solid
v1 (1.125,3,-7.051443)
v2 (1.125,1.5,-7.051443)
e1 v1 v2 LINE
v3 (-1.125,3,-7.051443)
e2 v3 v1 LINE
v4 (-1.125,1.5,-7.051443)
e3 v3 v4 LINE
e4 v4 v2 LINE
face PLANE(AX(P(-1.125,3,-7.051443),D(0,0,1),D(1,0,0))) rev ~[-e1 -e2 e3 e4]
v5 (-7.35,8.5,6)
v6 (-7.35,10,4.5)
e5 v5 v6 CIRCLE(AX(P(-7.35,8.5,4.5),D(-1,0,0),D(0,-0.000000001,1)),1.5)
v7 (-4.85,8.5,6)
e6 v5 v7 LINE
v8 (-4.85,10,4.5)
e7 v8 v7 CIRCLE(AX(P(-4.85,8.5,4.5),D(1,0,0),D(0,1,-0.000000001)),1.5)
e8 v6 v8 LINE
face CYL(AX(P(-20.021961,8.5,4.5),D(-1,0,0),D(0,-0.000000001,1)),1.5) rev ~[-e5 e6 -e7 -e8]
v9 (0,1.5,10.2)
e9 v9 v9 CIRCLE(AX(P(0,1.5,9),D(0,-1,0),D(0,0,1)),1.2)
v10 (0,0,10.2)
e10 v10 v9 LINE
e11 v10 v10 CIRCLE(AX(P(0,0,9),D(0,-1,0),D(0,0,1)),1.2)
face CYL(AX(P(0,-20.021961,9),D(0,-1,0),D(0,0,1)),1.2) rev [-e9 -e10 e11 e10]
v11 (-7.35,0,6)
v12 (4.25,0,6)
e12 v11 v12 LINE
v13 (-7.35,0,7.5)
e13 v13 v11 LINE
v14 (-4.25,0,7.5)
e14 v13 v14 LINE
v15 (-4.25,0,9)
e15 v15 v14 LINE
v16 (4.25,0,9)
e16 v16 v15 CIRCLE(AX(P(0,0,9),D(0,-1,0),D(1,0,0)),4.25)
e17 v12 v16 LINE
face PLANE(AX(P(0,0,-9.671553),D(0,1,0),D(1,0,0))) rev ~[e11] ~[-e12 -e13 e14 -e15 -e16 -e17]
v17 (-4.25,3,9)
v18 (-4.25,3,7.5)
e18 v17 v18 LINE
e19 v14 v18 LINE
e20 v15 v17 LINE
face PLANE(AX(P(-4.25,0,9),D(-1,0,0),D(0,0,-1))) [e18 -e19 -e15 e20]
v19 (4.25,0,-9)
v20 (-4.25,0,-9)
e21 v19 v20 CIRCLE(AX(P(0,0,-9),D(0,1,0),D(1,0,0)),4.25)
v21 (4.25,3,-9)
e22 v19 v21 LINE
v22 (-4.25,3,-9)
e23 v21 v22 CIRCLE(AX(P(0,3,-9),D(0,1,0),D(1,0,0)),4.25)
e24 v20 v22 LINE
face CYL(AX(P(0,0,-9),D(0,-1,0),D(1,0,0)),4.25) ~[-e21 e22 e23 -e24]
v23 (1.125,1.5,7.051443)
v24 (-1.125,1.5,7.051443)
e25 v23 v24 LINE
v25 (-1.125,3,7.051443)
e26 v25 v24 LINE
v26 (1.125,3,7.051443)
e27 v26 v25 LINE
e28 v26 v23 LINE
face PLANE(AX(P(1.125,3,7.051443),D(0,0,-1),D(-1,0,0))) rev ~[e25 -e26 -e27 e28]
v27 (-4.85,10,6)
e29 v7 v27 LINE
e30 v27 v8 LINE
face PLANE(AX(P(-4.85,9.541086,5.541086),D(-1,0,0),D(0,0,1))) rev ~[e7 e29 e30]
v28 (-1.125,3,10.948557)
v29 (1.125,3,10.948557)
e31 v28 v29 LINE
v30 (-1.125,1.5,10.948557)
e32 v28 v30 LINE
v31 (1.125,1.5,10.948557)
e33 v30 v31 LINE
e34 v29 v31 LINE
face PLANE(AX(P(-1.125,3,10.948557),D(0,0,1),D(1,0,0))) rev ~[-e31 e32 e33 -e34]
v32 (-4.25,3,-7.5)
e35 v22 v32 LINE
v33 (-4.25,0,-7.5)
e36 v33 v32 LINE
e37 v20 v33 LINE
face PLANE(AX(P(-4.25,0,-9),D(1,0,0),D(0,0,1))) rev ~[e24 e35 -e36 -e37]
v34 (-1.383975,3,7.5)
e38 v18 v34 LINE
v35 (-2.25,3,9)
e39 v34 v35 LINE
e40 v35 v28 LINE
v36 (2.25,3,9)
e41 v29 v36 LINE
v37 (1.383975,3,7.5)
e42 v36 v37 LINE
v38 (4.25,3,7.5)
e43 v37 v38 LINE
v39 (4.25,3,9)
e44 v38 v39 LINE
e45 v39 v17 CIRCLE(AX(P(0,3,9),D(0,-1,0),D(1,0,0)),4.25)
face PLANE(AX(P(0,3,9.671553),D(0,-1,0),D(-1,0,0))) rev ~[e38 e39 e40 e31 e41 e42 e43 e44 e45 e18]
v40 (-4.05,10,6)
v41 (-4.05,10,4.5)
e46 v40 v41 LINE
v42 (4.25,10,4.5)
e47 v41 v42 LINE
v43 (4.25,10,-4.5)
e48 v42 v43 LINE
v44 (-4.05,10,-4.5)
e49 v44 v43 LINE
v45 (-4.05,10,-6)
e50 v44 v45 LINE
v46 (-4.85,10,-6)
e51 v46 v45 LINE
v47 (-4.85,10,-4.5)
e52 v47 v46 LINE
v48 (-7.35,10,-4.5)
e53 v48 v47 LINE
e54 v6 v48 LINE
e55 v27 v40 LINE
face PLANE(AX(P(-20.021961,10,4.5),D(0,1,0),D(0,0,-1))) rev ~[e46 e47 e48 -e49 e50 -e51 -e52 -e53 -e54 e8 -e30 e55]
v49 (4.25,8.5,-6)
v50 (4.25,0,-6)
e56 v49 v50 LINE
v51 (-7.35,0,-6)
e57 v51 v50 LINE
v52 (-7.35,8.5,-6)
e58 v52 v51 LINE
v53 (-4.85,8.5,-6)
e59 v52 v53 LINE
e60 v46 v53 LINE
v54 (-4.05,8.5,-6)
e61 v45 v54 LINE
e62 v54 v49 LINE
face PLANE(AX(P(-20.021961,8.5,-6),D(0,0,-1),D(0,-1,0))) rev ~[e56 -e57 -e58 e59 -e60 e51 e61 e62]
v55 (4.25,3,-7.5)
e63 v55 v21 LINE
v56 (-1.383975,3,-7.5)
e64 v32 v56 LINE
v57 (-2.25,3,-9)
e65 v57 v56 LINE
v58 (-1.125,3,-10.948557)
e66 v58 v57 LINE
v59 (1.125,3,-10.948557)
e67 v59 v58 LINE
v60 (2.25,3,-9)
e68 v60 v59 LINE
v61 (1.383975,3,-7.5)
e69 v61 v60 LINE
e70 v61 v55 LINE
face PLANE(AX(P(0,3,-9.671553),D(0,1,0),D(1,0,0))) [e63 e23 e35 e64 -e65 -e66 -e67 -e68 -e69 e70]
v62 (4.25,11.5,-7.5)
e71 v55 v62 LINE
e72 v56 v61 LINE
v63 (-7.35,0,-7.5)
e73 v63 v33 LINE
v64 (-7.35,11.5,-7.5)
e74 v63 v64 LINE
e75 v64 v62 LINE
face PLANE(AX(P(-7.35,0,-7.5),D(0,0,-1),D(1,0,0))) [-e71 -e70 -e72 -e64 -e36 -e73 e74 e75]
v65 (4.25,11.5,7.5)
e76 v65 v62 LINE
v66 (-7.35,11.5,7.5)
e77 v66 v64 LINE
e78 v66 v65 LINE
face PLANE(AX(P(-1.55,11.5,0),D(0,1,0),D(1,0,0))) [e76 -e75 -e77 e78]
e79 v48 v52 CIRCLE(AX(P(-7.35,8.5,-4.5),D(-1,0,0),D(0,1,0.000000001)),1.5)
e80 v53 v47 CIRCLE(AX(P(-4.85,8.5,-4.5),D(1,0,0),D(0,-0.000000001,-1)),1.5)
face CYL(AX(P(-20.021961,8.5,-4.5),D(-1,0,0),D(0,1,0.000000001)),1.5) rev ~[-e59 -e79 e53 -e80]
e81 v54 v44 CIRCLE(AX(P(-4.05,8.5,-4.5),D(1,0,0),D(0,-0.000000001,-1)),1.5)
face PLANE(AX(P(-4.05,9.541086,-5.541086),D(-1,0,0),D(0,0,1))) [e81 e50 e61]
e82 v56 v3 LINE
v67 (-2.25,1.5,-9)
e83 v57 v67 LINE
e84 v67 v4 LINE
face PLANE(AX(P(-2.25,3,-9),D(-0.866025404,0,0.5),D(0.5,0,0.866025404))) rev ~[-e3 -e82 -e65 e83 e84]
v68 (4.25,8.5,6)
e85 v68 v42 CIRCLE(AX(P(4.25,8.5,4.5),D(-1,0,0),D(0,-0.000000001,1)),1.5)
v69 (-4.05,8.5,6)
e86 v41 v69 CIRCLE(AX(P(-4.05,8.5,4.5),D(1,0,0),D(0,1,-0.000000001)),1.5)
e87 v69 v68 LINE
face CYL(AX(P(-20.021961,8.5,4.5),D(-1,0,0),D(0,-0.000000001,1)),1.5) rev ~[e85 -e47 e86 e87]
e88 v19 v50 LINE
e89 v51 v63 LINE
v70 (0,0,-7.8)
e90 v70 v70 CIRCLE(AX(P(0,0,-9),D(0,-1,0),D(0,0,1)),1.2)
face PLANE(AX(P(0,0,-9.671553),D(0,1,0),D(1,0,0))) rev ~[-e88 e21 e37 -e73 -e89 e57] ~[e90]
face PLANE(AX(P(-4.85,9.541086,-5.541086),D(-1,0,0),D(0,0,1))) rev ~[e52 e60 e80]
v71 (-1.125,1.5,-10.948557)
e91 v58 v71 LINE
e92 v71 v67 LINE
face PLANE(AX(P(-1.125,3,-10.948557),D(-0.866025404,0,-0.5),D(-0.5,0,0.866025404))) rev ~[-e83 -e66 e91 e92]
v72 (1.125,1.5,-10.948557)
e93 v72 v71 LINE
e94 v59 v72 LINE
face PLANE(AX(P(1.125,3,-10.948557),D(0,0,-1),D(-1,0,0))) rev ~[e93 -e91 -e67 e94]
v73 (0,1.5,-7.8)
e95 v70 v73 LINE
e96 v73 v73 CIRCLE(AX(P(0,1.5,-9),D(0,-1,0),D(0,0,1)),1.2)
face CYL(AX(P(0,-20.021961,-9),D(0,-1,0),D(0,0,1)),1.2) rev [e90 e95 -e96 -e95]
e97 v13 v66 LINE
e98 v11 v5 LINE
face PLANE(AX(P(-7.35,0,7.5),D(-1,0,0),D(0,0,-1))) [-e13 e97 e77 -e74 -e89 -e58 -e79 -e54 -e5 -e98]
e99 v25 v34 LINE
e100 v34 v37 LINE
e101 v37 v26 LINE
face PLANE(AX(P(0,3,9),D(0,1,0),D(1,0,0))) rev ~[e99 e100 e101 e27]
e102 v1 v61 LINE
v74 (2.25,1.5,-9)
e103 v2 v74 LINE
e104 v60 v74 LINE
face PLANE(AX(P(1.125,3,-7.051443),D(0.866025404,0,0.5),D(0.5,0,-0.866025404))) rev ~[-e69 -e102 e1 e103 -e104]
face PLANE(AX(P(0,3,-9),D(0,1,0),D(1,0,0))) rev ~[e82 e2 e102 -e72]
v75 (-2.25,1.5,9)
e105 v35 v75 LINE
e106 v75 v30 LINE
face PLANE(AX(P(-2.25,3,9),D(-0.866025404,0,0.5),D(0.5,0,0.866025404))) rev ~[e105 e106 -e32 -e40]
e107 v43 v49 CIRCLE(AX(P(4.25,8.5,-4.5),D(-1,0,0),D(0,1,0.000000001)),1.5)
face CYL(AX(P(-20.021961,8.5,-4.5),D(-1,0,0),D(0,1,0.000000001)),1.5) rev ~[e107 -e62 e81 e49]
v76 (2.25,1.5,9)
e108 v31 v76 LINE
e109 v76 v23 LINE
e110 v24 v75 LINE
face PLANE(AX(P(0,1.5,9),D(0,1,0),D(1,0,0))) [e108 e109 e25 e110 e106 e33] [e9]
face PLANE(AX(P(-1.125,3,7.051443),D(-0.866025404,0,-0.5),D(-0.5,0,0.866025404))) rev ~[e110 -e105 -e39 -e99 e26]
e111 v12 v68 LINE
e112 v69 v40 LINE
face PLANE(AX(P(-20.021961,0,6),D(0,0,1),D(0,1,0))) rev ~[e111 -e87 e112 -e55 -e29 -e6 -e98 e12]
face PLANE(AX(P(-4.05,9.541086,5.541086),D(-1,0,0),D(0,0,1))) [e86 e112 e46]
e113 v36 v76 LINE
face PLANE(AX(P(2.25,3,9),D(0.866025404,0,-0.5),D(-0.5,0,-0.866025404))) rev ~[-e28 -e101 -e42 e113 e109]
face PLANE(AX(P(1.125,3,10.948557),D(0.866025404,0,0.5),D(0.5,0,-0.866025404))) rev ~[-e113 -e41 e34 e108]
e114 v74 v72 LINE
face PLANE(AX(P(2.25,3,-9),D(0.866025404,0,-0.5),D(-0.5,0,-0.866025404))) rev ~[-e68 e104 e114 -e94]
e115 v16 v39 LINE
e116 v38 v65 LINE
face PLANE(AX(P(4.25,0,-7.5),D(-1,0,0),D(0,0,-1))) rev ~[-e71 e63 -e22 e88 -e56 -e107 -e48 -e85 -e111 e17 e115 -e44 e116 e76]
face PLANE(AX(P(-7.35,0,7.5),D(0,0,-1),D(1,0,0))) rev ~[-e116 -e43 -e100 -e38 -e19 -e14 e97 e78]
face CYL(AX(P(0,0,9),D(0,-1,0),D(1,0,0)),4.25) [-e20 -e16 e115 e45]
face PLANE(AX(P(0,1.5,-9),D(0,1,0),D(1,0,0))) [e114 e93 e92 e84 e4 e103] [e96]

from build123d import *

# Parameters (mm, degrees)
SKETCH1_W                = 11.6
SKETCH1_H                = 15
BODY_DEPTH               = 11.5
FLANGE_DEPTH             = 3
HOLDER_NUT_START         = 3
HOLDER_NUT_DEPTH         = 1.5
HOLE_M2_DEPTH            = 20.021960992
HOLE_M2_DEPTH_BACK       = 20.021960992
SKETCH8_R                = 1.2
FIXTURE_MOTOR_DEPTH      = 20.021960992
FIXTURE_MOTOR_DEPTH_BACK = 20.021960992
GEARBOX_NOTCHES_START    = -9.1
GEARBOX_NOTCHES_DEPTH    = 0.8


with BuildPart() as part:
    # Sketch1 → body (new body)
    with BuildSketch(Plane(origin=(0, 0, 0), x_dir=(1, 0, 0), z_dir=(0, 1, 0))):
        with Locations((-1.55, 0)):
            Rectangle(SKETCH1_W, SKETCH1_H)
    extrude(amount=BODY_DEPTH)

    # Sketch2 → flange (add)
    with BuildSketch(Plane(origin=(0, 0, 0), x_dir=(1, 0, 0), z_dir=(0, 1, 0))):
        with BuildLine():
            Line((-4.25, 9), (-4.25, 7.5))
            Line((-4.25, 7.5), (4.25, 7.5))
            Line((4.25, 7.5), (4.25, 9))
            ThreePointArc((4.25, 9), (0, 13.25), (-4.25, 9))
        make_face()
        with BuildLine():
            Line((4.25, -7.5), (4.25, -9))
            ThreePointArc((4.25, -9), (0, -13.25), (-4.25, -9))
            Line((-4.25, -9), (-4.25, -7.5))
            Line((-4.25, -7.5), (4.25, -7.5))
        make_face()
    extrude(amount=FLANGE_DEPTH)

    # Sketch5 → holder-nut (cut)
    with BuildSketch(Plane(origin=(0, 0, 0), x_dir=(1, 0, 0), z_dir=(0, 1, 0)).offset(HOLDER_NUT_START)):
        Polygon((2.25, 9), (1.125, 10.948557159), (-1.125, 10.948557159), (-2.25, 9), (-1.125, 7.051442841), (1.125, 7.051442841), align=None)
        Polygon((2.25, -9), (1.125, -7.051442841), (-1.125, -7.051442841), (-2.25, -9), (-1.125, -10.948557159), (1.125, -10.948557159), align=None)
    extrude(amount=-HOLDER_NUT_DEPTH, mode=Mode.SUBTRACT)

    # Sketch8 → hole-M2 (cut, two sides: drawn at the far end of the back side and taken through both)
    with BuildSketch(Plane(origin=(0, 0, 0), x_dir=(1, 0, 0), z_dir=(0, 1, 0)).offset(-HOLE_M2_DEPTH_BACK)):
        with Locations(Location((0, 9, 0), (0, 0, 270))):
            Circle(SKETCH8_R)
        with Locations(Location((0, -9, 0), (0, 0, 270))):
            Circle(SKETCH8_R)
    extrude(amount=HOLE_M2_DEPTH + HOLE_M2_DEPTH_BACK, mode=Mode.SUBTRACT)

    # Sketch7 → fixture-motor (cut, two sides: drawn at the far end of the back side and taken through both)
    with BuildSketch(Plane(origin=(0, 0, 0), x_dir=(0, 0, -1), z_dir=(1, 0, 0)).offset(-FIXTURE_MOTOR_DEPTH_BACK)):
        with BuildLine():
            Line((-4.5, 10), (4.5, 10))
            ThreePointArc((4.5, 10), (5.560660172, 9.560660172), (6, 8.5))
            Line((6, 8.5), (6, 0))
            Line((6, 0), (-6, 0))
            Line((-6, 0), (-6, 8.5))
            ThreePointArc((-6, 8.5), (-5.560660172, 9.560660172), (-4.5, 10))
        make_face()
    extrude(amount=FIXTURE_MOTOR_DEPTH + FIXTURE_MOTOR_DEPTH_BACK, mode=Mode.SUBTRACT)

    # Sketch9 → gearbox-notches (cut)
    with BuildSketch(Plane(origin=(4.25, 0, 0), x_dir=(0, 0, -1), z_dir=(1, 0, 0)).offset(GEARBOX_NOTCHES_START)):
        with BuildLine():
            Line((-6, 8.5), (-6, 10))
            Line((-6, 10), (-4.5, 10))
            ThreePointArc((-4.5, 10), (-5.560660172, 9.560660172), (-6, 8.5))
        make_face()
        with BuildLine():
            Line((4.5, 10), (6, 10))
            Line((6, 10), (6, 8.5))
            ThreePointArc((6, 8.5), (5.560660172, 9.560660172), (4.5, 10))
        make_face()
    extrude(amount=GEARBOX_NOTCHES_DEPTH, mode=Mode.SUBTRACT)


solid = part.part
